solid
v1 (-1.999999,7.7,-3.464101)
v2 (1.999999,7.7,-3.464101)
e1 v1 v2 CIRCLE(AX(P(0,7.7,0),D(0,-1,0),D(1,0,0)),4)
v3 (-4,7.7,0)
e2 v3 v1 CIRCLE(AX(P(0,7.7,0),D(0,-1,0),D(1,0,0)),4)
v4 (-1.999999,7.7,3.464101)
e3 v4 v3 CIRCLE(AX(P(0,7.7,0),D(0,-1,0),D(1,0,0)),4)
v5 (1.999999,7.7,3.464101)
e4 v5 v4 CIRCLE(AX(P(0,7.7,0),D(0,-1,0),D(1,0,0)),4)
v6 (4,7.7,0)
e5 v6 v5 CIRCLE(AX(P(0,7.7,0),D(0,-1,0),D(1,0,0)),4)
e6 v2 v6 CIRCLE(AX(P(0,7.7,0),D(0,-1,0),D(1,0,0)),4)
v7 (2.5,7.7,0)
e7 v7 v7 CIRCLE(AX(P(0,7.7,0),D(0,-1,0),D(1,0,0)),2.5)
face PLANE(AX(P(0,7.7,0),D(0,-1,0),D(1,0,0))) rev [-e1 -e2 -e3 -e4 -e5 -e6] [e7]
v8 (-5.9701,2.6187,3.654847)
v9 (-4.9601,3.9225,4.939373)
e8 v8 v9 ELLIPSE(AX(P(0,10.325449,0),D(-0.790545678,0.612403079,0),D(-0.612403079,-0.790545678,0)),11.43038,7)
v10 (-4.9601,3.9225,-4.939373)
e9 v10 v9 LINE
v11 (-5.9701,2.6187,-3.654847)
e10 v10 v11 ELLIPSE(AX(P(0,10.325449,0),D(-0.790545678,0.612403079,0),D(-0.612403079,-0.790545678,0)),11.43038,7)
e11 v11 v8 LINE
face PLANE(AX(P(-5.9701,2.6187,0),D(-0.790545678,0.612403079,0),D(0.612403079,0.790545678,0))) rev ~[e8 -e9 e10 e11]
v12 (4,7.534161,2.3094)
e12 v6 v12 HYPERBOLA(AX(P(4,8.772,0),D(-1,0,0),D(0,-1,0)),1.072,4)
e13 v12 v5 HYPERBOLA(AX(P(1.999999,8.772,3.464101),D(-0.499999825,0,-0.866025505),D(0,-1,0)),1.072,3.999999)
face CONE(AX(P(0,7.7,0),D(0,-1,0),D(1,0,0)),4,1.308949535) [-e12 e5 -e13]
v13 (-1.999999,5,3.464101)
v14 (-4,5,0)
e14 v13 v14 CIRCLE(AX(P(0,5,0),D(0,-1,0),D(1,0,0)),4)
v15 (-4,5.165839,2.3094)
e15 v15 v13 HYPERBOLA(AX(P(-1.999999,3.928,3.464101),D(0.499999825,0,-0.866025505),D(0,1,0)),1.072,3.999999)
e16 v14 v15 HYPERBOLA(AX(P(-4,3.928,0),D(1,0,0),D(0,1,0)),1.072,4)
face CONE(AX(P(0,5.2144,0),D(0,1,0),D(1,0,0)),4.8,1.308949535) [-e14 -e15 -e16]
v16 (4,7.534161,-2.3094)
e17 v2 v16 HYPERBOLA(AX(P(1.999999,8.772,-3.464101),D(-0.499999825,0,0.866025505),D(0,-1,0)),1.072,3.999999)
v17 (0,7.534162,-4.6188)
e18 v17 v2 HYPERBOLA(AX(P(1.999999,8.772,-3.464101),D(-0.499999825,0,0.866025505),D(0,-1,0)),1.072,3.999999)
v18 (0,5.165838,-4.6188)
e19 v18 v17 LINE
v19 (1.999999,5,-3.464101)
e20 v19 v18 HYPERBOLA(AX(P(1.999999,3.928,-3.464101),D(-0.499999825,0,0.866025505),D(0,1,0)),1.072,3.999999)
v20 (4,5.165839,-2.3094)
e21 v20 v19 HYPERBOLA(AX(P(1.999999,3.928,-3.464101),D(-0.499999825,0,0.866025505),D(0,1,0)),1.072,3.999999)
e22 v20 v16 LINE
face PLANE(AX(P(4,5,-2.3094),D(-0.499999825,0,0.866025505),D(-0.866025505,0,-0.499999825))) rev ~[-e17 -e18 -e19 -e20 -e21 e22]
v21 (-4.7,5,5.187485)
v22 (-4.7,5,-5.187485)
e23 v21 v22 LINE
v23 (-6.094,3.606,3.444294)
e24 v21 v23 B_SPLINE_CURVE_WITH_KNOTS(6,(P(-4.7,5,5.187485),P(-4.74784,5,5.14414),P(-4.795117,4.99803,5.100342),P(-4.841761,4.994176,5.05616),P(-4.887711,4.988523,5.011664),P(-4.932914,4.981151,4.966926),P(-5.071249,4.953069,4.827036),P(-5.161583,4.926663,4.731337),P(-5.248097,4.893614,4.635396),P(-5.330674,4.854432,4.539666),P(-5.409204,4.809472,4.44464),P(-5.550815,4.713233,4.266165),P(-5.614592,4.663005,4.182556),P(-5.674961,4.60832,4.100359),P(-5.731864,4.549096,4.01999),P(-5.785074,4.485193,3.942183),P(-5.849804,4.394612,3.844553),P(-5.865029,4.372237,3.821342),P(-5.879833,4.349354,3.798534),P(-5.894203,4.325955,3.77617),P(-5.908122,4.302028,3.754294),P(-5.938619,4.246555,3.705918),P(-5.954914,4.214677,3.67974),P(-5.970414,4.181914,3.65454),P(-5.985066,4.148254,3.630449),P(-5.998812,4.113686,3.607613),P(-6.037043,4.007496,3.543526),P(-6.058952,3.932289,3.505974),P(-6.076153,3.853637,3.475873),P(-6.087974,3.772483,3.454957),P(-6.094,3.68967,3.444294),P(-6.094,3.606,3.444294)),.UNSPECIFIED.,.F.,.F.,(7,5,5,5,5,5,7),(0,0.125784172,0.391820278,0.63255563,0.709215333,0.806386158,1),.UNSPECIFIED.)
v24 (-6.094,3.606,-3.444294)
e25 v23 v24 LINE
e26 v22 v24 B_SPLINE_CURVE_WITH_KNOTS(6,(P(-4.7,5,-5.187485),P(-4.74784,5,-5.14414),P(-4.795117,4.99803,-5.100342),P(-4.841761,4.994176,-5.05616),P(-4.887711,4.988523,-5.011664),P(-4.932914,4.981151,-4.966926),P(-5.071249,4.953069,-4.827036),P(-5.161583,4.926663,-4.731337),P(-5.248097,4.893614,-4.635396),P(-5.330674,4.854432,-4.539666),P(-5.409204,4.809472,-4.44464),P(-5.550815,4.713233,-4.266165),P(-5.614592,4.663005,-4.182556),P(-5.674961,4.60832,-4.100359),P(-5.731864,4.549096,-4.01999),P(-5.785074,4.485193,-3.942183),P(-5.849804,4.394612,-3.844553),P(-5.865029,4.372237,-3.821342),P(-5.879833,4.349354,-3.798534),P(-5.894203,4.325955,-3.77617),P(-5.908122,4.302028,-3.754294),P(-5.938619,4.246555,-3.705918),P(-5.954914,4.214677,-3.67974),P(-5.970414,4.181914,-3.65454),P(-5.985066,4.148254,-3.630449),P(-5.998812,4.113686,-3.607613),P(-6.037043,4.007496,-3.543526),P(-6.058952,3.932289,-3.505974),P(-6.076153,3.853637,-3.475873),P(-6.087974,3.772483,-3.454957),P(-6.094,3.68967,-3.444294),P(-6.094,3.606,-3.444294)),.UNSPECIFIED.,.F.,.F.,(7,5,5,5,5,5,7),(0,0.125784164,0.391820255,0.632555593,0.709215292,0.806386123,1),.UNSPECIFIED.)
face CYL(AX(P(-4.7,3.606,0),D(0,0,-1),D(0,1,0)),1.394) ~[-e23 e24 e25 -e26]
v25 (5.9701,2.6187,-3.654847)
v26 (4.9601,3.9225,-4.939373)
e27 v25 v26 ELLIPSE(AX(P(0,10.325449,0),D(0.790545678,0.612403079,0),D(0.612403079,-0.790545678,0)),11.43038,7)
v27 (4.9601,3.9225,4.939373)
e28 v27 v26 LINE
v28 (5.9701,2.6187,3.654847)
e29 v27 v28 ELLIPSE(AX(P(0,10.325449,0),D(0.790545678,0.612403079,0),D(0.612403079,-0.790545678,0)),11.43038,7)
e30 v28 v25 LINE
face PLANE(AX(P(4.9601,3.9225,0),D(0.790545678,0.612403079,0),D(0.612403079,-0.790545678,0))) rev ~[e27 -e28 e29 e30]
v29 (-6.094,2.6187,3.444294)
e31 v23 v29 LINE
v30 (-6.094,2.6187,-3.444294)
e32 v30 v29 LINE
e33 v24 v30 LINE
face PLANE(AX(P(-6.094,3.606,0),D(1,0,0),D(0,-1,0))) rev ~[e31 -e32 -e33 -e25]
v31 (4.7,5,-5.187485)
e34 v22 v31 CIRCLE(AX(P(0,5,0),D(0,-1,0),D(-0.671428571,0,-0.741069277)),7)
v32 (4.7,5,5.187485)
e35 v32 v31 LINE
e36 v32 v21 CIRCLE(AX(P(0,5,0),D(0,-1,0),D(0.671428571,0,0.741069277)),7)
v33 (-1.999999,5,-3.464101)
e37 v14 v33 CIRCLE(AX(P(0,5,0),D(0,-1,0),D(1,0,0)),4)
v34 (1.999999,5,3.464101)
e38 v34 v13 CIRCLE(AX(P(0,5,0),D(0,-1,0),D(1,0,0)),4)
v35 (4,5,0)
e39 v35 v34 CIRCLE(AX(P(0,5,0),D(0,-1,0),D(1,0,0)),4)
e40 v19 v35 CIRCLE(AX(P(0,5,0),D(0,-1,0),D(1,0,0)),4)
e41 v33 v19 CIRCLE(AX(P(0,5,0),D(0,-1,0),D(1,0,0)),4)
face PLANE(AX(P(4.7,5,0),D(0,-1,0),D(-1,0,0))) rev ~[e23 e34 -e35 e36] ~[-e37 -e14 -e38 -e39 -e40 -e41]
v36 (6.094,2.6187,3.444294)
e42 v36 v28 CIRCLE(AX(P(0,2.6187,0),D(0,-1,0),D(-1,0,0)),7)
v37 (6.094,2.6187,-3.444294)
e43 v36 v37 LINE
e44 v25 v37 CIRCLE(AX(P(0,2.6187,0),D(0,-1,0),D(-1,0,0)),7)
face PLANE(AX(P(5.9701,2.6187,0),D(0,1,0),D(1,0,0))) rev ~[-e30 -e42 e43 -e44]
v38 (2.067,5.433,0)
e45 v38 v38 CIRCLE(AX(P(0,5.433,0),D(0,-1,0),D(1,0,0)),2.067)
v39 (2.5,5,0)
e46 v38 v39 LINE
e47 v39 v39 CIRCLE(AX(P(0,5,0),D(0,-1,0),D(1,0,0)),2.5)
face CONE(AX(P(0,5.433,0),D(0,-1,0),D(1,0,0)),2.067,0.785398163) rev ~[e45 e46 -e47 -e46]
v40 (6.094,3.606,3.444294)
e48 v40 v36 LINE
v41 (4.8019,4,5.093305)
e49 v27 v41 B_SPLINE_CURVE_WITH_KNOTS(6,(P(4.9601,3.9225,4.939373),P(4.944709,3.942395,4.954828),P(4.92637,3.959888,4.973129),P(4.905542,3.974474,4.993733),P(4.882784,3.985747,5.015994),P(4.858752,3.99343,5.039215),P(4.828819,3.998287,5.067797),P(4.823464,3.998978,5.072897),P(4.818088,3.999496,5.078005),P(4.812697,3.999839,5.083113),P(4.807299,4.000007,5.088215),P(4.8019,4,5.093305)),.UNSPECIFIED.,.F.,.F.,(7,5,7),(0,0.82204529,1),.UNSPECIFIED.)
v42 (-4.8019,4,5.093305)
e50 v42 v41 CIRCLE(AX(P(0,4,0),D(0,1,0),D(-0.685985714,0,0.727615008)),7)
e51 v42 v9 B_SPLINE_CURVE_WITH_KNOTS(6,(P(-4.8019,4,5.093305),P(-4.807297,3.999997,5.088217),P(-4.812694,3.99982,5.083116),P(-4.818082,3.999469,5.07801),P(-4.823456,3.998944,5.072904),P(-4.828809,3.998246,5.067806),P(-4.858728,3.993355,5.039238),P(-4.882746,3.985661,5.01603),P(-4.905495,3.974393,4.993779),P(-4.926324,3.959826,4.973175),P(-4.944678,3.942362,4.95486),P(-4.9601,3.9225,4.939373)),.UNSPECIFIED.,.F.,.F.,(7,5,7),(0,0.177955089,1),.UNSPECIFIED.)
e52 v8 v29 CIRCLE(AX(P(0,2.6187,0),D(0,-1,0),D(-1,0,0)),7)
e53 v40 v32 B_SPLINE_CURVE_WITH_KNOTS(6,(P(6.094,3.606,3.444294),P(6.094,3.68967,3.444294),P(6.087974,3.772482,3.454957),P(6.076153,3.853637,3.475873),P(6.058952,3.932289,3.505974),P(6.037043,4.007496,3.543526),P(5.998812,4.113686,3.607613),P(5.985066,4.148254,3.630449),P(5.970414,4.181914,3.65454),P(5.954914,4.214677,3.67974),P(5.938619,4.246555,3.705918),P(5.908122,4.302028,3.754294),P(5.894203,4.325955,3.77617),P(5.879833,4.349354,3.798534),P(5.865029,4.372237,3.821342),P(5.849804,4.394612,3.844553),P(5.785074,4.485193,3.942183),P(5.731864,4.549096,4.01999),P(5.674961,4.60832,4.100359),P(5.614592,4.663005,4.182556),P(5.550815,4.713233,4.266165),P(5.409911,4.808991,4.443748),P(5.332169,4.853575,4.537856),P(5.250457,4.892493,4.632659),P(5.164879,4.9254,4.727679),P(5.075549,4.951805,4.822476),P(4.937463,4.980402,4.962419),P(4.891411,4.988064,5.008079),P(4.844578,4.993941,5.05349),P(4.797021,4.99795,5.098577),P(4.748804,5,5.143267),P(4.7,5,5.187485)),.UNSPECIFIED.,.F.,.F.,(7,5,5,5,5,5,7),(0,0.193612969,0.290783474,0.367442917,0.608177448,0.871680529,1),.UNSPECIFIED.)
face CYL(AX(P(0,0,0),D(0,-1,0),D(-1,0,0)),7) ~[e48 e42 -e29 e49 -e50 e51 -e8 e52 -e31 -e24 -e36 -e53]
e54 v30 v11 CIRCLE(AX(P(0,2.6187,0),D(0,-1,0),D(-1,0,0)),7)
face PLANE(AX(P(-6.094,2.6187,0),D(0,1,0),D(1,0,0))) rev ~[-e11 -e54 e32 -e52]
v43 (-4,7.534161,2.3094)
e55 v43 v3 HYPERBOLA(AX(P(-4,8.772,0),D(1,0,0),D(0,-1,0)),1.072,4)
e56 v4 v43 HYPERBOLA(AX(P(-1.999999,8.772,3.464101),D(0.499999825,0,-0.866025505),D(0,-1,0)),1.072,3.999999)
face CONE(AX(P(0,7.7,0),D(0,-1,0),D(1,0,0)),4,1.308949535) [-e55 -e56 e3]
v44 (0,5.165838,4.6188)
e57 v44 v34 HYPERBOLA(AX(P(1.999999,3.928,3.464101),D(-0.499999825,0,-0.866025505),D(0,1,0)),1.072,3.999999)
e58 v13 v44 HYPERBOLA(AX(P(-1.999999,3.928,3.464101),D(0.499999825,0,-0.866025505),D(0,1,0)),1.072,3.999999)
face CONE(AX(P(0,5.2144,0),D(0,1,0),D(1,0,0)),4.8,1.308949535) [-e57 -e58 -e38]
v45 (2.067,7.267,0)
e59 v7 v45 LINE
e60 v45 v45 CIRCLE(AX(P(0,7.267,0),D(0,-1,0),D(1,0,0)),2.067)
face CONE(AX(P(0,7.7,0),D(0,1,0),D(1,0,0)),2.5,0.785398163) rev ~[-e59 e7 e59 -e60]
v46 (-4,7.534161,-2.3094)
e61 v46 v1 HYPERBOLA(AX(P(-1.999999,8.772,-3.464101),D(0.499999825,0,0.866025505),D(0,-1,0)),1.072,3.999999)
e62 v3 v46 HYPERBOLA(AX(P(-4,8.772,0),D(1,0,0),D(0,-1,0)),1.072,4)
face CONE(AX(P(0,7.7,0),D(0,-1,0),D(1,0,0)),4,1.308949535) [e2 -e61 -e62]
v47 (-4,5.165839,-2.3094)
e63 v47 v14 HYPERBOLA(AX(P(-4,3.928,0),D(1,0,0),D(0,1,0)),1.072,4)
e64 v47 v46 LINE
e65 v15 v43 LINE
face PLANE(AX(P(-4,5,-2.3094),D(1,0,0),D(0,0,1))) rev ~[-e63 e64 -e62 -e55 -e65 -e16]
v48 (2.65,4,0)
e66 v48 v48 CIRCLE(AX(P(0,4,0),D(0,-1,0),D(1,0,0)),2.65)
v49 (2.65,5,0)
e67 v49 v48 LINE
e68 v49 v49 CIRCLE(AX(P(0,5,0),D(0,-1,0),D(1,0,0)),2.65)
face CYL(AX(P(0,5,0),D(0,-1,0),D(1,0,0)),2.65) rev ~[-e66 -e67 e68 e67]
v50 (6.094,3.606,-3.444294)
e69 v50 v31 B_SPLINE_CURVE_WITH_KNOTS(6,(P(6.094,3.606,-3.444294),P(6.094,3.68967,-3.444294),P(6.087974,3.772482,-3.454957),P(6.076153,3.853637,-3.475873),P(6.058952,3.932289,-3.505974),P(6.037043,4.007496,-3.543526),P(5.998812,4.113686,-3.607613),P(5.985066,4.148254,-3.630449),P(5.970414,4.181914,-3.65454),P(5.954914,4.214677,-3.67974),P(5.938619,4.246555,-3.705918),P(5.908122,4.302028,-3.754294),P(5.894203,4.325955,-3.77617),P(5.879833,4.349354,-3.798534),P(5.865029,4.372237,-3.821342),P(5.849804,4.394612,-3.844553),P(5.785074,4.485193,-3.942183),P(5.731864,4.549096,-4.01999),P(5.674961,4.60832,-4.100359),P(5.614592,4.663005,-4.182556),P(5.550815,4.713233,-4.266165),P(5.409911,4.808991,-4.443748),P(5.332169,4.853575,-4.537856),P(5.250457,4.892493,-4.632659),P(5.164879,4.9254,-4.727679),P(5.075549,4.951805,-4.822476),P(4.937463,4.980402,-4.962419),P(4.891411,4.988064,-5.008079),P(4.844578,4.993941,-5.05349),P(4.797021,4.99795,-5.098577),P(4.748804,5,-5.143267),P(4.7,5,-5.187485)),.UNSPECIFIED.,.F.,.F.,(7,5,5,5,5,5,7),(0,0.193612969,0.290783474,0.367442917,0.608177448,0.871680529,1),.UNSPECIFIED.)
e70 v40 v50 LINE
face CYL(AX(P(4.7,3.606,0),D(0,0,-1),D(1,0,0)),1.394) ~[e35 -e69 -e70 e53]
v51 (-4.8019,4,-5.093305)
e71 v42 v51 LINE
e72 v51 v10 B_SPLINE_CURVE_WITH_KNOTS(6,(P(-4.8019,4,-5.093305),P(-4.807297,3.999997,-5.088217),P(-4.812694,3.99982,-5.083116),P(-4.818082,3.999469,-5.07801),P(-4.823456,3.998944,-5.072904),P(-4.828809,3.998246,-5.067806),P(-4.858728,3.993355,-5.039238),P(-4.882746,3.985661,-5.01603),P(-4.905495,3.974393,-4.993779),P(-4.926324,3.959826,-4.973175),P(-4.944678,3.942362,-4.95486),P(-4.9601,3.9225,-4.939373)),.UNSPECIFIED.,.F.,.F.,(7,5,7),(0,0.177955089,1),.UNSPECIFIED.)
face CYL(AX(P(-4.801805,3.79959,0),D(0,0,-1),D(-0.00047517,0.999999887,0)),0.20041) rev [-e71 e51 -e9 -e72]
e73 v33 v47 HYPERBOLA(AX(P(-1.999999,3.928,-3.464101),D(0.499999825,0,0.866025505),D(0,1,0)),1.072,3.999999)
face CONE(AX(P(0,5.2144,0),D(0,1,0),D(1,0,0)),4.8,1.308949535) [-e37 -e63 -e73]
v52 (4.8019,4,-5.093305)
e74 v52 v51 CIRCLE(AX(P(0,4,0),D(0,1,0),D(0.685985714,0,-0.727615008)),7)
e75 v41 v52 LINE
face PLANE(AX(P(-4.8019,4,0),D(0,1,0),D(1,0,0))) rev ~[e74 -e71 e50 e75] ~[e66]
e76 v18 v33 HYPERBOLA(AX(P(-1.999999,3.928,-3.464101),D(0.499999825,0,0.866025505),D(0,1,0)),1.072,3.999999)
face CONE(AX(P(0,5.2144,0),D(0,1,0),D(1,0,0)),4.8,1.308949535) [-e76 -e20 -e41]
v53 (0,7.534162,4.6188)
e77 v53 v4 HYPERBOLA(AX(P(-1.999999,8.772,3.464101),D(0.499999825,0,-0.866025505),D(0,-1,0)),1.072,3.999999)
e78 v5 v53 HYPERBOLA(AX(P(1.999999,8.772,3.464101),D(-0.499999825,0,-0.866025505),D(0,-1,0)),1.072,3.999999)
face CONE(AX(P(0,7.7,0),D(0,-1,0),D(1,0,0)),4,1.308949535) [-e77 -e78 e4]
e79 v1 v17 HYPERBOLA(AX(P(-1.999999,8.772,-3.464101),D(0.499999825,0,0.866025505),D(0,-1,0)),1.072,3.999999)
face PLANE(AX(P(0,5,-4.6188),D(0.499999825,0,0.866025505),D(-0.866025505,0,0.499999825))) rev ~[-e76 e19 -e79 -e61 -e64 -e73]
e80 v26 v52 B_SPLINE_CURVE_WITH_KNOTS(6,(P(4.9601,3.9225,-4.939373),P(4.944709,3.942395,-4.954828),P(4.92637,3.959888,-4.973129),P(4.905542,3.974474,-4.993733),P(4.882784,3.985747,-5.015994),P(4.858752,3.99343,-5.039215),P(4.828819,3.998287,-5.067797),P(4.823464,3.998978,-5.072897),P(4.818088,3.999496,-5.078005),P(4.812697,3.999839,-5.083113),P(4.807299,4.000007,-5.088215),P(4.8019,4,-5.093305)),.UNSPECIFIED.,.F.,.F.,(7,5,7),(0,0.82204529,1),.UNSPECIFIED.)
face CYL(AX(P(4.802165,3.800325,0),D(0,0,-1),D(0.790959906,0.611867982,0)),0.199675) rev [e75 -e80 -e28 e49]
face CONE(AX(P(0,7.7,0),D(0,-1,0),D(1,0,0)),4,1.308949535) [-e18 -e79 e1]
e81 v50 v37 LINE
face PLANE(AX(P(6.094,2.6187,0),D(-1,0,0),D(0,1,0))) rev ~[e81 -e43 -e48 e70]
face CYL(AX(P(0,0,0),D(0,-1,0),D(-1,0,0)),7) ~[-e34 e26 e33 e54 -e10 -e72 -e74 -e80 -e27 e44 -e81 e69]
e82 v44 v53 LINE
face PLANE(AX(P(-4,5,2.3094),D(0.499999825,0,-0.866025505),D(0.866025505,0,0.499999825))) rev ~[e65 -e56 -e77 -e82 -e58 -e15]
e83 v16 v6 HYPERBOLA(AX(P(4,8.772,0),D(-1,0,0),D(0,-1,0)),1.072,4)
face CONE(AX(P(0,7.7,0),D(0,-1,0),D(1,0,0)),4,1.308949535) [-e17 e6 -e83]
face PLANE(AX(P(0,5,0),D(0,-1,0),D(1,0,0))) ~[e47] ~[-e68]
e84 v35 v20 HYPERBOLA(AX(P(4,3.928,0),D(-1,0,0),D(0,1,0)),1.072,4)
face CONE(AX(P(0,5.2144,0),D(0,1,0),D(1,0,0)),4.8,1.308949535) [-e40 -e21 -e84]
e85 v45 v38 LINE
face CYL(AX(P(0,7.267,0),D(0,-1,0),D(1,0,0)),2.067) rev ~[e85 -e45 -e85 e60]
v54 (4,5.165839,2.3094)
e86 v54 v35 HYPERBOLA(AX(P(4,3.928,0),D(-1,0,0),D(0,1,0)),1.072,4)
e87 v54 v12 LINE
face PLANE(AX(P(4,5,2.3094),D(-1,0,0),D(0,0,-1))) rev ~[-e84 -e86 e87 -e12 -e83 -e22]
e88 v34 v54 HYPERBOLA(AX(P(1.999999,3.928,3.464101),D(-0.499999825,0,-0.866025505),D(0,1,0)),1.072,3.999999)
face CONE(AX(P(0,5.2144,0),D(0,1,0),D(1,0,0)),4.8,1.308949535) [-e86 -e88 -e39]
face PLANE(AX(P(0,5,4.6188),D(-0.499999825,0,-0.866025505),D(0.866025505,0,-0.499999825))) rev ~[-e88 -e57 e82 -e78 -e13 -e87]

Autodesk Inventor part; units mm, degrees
sketch "Skizze_1" plane through (0, 0, 0) normal (0, 0, 1) x (1, 0, 0)
  line L0 (-6.094, 2.6187) -> (-5.9701, 2.6187)
  line L1 (-5.9701, 2.6187) -> (-4.9601, 3.9225)
  arc A0 (-4.8019, 4) -> (-4.9601, 3.9225) centre (-4.8019, 3.8) ccw
  line L2 (-4.8019, 4) -> (4.8019, 4)
  arc A1 (4.9601, 3.9225) -> (4.8019, 4) centre (4.8019, 3.8) ccw
  line L3 (4.9601, 3.9225) -> (5.9701, 2.6187)
  line L4 (5.9701, 2.6187) -> (6.094, 2.6187)
  line L5 (6.094, 2.6187) -> (6.094, 3.606)
  arc A2 (6.094, 3.606) -> (4.7, 5) centre (4.7, 3.606) ccw
  line L6 (4.7, 5) -> (-4.7, 5)
  arc A3 (-4.7, 5) -> (-6.094, 3.606) centre (-4.7, 3.606) ccw
  line L7 (-6.094, 3.606) -> (-6.094, 2.6187)
extrude "Extrusion1" add sketch "Skizze_1" along normal mid plane 14
sketch "Skizze_2" plane through (0, 0, 0) normal (0, 0, 1) x (1, 0, 0)
  line L0 (0, 5) -> (0, 7.7)
  line L1 (0, 7.7) -> (4, 7.7)
  line L2 (4, 7.7) -> (4.8, 7.4856)
  line L3 (4.8, 7.4856) -> (4.8, 5.2144)
  line L4 (4.8, 5.2144) -> (4, 5)
  line L5 (4, 5) -> (0, 5)
  line L6 (0, 5) -> (0, 7.7)
revolve "Revolution1" add sketch "Skizze_2" angle 360 about axis through (0, 5, 0) along (0, -1, 0)
sketch "Skizze_3" plane through (0, 5, 0) normal (0, 1, 0) x (1, 0, 0)
  line L0 (-20, -18) -> (19, -18)
  line L1 (19, -18) -> (19, 12)
  line L2 (19, 12) -> (-20, 12)
  line L3 (-20, 12) -> (-20, -18)
  line L4 (-4, -2.3094) -> (0, -4.6188)
  line L5 (0, -4.6188) -> (4, -2.3094)
  line L6 (4, -2.3094) -> (4, 2.3094)
  line L7 (4, 2.3094) -> (0, 4.6188)
  line L8 (0, 4.6188) -> (-4, 2.3094)
  line L9 (-4, 2.3094) -> (-4, -2.3094)
extrude "Extrusion2" cut sketch "Skizze_3" along normal blind 2.7
sketch "Skizze_4" plane through (0, 0, 0) normal (0, 1, 0) x (-1, 0, 0)
  line L0 (23, 26) -> (-35, 26)
  line L1 (-35, 26) -> (-35, -16)
  line L2 (-35, -16) -> (23, -16)
  line L3 (23, -16) -> (23, 26)
  circle A0 centre (0, 0) radius 7
extrude "Extrusion3" cut sketch "Skizze_4" along normal blind 10
sketch "Skizze_5_ALT_Drilling_1" plane through (0, 0, 0) normal (0, 0, 1) x (1, 0, 0)
  line L0 (0, 4) -> (0, 7.7)
  line L1 (0, 7.7) -> (2.5, 7.7)
  line L2 (2.5, 7.7) -> (2.067, 7.267)
  line L3 (2.067, 7.267) -> (2.067, 5.433)
  line L4 (2.067, 5.433) -> (2.5, 5)
  line L5 (2.5, 5) -> (2.65, 5)
  line L6 (2.65, 5) -> (2.65, 4)
  line L7 (2.65, 4) -> (0, 4)
  line L8 (0, 4) -> (0, 7.7)
revolve "Revolution2" cut sketch "Skizze_5_ALT_Drilling_1" angle 360 about axis through (0, 4, 0) along (0, -1, 0)
thread "Thread1" size "M5x0.8" class "6H" standard "ISO Metric profile" full length
ref_plane "FS1_XY" through (0, 0, 0) normal (0, 1, 0) x (1, 0, 0)
ref_plane "FS1_YZ" through (0, 0, 0) normal (1, 0, 0) x (0, 0, -1)
ref_plane "FS1_ZX" through (0, 0, 0) normal (0, 0, -1) x (0, 1, 0)
ref_plane "FS2_XY" through (0, 0, 0) normal (0, 0, 1) x (1, 0, 0)
ref_plane "FS2_YZ" through (0, 0, 0) normal (1, 0, 0) x (0, 1, 0)
ref_plane "FS2_ZX" through (0, 0, 0) normal (0, 1, 0) x (0, 0, 1)
properties part number "102111-M-KOMP"
